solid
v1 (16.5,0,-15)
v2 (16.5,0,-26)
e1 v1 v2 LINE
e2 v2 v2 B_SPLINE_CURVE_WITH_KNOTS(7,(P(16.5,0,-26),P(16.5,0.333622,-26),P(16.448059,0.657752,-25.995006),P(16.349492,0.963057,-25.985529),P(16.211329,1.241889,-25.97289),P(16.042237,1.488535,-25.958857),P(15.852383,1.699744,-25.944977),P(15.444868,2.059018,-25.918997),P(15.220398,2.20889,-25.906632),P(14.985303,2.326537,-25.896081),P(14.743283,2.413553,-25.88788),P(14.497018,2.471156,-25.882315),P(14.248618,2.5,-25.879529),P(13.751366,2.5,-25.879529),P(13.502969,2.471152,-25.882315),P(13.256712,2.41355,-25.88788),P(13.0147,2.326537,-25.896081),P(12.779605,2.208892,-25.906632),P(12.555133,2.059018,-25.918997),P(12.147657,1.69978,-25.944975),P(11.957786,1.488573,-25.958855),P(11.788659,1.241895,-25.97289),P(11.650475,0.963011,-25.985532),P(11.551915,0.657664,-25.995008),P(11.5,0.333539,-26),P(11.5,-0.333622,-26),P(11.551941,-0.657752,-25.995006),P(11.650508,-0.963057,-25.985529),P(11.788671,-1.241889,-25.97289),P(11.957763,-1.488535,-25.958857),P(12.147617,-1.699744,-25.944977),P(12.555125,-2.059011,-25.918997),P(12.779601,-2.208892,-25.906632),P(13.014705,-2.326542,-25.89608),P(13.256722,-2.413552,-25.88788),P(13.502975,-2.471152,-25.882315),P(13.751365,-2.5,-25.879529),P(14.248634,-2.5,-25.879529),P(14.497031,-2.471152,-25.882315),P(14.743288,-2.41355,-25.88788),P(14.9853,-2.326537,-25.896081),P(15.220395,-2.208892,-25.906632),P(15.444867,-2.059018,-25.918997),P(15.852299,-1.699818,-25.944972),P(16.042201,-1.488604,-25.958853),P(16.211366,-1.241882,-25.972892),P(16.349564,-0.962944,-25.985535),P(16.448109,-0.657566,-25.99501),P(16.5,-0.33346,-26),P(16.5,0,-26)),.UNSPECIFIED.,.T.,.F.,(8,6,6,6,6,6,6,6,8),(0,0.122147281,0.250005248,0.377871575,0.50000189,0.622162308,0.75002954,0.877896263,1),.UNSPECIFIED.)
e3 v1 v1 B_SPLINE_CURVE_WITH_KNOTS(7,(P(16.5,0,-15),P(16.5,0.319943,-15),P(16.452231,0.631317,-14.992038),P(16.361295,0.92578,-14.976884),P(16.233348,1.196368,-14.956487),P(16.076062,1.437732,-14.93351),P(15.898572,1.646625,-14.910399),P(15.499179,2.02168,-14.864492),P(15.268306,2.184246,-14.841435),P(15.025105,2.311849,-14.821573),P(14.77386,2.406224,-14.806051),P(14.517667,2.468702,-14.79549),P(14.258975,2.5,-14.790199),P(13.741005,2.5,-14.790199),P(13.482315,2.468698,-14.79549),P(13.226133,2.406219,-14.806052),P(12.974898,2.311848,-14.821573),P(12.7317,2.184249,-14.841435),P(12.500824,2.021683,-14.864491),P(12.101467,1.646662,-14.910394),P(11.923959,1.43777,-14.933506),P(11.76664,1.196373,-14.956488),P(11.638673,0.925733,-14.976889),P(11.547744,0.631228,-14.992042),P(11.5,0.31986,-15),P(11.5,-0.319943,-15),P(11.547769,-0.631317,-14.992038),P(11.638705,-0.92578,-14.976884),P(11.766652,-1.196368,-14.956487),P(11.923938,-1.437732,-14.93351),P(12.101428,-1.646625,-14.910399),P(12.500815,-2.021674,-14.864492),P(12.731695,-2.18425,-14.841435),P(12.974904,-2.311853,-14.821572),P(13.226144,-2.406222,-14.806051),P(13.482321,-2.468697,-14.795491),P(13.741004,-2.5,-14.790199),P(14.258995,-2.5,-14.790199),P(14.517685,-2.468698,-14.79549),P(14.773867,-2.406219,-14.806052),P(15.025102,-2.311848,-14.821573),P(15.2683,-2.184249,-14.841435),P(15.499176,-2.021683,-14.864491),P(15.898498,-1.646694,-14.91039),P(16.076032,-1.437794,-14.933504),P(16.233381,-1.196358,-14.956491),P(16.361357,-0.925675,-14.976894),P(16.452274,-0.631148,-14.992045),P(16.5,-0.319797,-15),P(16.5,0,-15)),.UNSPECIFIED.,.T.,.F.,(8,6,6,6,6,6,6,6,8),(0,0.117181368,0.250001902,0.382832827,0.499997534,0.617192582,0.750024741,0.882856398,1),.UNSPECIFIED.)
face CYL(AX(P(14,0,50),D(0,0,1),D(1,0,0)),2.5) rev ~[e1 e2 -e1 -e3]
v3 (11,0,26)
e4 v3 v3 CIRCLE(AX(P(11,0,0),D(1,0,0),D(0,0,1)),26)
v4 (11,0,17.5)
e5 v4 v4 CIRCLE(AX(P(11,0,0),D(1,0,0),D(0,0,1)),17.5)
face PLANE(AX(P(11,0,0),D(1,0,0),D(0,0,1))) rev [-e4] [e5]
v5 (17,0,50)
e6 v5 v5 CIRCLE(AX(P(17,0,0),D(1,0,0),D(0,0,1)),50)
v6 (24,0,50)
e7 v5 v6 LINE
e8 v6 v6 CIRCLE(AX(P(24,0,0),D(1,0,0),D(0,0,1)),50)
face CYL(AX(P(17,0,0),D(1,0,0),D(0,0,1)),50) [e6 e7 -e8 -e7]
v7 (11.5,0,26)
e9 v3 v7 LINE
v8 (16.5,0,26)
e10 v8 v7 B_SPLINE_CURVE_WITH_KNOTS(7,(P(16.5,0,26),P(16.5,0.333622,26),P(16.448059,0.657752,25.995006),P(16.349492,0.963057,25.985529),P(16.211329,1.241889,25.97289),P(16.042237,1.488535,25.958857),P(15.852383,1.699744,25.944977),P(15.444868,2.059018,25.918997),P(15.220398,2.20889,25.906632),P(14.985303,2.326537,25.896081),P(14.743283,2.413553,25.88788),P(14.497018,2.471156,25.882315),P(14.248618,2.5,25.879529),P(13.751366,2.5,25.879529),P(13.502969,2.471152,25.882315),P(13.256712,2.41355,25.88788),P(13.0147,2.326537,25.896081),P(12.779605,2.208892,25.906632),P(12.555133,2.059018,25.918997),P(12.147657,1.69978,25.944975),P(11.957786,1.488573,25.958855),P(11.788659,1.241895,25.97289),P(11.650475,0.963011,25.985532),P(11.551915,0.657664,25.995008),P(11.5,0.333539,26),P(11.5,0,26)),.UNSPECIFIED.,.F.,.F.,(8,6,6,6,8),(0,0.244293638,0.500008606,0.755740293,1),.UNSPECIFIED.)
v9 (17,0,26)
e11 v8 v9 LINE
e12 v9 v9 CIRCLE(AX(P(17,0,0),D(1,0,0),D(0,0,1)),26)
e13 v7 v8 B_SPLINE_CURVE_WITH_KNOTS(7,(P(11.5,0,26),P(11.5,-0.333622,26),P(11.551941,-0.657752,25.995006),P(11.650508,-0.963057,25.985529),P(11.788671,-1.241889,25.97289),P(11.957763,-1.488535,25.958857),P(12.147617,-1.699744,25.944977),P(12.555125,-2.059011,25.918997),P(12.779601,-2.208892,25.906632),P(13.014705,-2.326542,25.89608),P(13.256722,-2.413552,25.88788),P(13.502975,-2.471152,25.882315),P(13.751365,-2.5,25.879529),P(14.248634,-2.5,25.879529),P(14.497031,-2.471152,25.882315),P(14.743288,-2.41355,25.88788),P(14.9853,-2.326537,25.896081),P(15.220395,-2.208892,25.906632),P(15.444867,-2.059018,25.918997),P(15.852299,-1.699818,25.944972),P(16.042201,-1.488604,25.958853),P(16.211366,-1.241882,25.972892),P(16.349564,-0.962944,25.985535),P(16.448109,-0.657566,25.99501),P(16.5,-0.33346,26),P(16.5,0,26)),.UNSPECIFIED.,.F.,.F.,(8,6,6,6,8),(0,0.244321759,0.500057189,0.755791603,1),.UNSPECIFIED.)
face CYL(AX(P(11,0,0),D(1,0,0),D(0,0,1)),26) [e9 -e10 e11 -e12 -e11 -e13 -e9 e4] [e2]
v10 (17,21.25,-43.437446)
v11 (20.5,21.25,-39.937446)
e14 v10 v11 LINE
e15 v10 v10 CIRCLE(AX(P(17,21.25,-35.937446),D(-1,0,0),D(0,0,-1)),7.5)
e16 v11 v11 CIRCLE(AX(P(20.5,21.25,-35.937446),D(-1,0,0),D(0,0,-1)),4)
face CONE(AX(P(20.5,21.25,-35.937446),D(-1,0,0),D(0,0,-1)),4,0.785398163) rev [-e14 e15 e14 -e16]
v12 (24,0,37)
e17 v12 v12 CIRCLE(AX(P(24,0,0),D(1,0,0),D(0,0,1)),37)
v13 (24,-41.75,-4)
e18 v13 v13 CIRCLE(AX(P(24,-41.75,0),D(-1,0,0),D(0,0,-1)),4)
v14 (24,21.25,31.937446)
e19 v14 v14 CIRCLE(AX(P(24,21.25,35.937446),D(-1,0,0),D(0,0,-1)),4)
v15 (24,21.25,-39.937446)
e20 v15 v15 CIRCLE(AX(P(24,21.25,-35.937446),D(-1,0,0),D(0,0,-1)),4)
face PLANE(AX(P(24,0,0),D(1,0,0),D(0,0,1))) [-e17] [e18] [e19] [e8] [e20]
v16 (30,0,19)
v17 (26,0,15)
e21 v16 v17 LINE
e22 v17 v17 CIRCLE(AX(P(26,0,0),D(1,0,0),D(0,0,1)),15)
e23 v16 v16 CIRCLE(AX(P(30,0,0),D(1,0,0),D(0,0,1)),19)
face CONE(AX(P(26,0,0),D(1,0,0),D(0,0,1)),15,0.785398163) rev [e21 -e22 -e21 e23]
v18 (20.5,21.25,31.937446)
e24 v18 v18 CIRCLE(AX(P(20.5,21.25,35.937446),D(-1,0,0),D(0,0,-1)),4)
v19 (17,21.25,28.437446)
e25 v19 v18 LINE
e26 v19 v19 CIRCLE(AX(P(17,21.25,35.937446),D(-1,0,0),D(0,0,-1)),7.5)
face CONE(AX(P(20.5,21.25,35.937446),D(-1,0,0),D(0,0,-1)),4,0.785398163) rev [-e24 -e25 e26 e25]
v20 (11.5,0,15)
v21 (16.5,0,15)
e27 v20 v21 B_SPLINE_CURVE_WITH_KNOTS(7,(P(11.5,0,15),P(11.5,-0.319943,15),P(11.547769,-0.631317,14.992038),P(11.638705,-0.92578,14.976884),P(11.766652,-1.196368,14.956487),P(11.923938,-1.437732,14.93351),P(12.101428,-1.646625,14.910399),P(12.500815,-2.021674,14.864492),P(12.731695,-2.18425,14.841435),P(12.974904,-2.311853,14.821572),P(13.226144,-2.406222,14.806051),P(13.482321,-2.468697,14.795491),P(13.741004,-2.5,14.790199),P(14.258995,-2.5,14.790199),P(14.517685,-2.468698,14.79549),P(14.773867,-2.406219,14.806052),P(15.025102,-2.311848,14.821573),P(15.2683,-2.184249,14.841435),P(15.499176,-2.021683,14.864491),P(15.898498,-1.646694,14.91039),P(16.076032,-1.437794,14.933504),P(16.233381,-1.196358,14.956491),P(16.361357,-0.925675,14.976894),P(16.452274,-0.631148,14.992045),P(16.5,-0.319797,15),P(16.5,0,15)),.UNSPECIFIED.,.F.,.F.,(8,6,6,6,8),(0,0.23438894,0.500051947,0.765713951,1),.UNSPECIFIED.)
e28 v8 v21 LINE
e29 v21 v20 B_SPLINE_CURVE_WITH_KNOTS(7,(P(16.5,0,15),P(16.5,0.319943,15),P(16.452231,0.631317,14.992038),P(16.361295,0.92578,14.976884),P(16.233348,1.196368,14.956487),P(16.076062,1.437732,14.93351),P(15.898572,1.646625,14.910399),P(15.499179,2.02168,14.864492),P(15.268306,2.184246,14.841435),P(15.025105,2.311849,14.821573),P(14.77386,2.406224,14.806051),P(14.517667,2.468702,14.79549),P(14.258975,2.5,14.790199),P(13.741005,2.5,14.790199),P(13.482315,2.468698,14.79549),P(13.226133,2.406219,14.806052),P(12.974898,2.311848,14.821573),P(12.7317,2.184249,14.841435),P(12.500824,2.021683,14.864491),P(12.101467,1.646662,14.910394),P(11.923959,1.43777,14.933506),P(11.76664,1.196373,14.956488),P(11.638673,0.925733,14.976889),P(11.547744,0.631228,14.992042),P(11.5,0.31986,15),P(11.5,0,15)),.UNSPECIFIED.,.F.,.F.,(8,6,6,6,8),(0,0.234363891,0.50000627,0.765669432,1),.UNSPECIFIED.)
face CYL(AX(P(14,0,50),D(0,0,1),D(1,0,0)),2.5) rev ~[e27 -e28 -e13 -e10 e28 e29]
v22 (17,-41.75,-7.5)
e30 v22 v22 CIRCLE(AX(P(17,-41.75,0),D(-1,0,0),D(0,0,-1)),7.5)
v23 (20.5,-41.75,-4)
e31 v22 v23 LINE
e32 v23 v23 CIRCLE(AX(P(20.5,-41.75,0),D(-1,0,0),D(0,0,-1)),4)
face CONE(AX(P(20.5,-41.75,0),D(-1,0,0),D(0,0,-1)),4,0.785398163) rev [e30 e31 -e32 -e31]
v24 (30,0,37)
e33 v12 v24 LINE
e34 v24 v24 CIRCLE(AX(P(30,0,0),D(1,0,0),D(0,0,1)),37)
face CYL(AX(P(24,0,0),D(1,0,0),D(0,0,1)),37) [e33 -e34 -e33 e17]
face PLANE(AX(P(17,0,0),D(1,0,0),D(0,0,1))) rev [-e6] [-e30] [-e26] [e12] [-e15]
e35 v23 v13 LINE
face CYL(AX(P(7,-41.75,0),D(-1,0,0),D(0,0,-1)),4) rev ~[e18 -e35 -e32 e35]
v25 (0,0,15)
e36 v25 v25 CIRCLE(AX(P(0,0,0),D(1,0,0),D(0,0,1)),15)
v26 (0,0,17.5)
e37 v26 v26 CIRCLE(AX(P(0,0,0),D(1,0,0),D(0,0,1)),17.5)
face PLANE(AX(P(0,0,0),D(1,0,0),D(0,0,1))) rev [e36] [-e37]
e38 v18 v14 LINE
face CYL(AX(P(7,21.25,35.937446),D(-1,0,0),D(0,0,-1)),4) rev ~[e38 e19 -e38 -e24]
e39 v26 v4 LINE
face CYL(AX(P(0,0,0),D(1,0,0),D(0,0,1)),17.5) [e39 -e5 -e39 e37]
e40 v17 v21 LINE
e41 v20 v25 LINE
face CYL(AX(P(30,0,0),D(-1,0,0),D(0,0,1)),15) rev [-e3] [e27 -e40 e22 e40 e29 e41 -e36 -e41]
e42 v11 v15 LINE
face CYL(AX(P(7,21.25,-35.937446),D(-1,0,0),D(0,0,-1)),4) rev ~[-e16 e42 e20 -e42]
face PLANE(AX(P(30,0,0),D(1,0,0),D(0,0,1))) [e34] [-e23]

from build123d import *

# Parameters (mm, degrees)
SKETCH001_R     = 4
POCKET_DEPTH    = 23.001
CHAMFER_SIZE    = 3.5
CHAMFER001_SIZE = 4
SKETCH002_R     = 2.5
POCKET001_DEPTH = 100.001


with BuildPart() as part:
    # Sketch → Revolution (revolve)
    with BuildSketch(Plane.XZ):
        Polygon((0, 15), (0, 17.5), (11, 17.5), (11, 26), (17, 26), (17, 50), (24, 50), (24, 37), (30, 37), (30, 15), align=None)
    revolve(axis=Axis((0, 0, 0), (1, 0, 0)))

    # Sketch001 → Pocket (cut, through all)
    with BuildSketch(Plane(origin=(7, 0, 0), x_dir=(0, 0, -1), z_dir=(-1, 0, 0))):
        with Locations((0, 41.75)):
            Circle(SKETCH001_R)
        with Locations((35.937446, -21.25)):
            Circle(SKETCH001_R)
        with Locations((-35.937446, -21.25)):
            Circle(SKETCH001_R)
    extrude(amount=-POCKET_DEPTH, mode=Mode.SUBTRACT)

    # Chamfer
    chamfer_edges = [part.edges().sort_by_distance(p)[0] for p in [
        (17, -41.75, 4),
        (17, 21.25, 39.937446),
        (17, 21.25, -31.937446),
    ]]
    chamfer(chamfer_edges, length=CHAMFER_SIZE)

    # Chamfer001
    chamfer001_edges = [part.edges().sort_by_distance(p)[0] for p in [
        (30, 0, -15),
    ]]
    chamfer(chamfer001_edges, length=CHAMFER001_SIZE)

    # Sketch002 (on DatumPlane) → Pocket001 (cut, through all)
    with BuildSketch(Plane.XY.offset(50)):
        with Locations((14, 0)):
            Circle(SKETCH002_R)
    extrude(amount=-POCKET001_DEPTH, mode=Mode.SUBTRACT)


solid = part.part
